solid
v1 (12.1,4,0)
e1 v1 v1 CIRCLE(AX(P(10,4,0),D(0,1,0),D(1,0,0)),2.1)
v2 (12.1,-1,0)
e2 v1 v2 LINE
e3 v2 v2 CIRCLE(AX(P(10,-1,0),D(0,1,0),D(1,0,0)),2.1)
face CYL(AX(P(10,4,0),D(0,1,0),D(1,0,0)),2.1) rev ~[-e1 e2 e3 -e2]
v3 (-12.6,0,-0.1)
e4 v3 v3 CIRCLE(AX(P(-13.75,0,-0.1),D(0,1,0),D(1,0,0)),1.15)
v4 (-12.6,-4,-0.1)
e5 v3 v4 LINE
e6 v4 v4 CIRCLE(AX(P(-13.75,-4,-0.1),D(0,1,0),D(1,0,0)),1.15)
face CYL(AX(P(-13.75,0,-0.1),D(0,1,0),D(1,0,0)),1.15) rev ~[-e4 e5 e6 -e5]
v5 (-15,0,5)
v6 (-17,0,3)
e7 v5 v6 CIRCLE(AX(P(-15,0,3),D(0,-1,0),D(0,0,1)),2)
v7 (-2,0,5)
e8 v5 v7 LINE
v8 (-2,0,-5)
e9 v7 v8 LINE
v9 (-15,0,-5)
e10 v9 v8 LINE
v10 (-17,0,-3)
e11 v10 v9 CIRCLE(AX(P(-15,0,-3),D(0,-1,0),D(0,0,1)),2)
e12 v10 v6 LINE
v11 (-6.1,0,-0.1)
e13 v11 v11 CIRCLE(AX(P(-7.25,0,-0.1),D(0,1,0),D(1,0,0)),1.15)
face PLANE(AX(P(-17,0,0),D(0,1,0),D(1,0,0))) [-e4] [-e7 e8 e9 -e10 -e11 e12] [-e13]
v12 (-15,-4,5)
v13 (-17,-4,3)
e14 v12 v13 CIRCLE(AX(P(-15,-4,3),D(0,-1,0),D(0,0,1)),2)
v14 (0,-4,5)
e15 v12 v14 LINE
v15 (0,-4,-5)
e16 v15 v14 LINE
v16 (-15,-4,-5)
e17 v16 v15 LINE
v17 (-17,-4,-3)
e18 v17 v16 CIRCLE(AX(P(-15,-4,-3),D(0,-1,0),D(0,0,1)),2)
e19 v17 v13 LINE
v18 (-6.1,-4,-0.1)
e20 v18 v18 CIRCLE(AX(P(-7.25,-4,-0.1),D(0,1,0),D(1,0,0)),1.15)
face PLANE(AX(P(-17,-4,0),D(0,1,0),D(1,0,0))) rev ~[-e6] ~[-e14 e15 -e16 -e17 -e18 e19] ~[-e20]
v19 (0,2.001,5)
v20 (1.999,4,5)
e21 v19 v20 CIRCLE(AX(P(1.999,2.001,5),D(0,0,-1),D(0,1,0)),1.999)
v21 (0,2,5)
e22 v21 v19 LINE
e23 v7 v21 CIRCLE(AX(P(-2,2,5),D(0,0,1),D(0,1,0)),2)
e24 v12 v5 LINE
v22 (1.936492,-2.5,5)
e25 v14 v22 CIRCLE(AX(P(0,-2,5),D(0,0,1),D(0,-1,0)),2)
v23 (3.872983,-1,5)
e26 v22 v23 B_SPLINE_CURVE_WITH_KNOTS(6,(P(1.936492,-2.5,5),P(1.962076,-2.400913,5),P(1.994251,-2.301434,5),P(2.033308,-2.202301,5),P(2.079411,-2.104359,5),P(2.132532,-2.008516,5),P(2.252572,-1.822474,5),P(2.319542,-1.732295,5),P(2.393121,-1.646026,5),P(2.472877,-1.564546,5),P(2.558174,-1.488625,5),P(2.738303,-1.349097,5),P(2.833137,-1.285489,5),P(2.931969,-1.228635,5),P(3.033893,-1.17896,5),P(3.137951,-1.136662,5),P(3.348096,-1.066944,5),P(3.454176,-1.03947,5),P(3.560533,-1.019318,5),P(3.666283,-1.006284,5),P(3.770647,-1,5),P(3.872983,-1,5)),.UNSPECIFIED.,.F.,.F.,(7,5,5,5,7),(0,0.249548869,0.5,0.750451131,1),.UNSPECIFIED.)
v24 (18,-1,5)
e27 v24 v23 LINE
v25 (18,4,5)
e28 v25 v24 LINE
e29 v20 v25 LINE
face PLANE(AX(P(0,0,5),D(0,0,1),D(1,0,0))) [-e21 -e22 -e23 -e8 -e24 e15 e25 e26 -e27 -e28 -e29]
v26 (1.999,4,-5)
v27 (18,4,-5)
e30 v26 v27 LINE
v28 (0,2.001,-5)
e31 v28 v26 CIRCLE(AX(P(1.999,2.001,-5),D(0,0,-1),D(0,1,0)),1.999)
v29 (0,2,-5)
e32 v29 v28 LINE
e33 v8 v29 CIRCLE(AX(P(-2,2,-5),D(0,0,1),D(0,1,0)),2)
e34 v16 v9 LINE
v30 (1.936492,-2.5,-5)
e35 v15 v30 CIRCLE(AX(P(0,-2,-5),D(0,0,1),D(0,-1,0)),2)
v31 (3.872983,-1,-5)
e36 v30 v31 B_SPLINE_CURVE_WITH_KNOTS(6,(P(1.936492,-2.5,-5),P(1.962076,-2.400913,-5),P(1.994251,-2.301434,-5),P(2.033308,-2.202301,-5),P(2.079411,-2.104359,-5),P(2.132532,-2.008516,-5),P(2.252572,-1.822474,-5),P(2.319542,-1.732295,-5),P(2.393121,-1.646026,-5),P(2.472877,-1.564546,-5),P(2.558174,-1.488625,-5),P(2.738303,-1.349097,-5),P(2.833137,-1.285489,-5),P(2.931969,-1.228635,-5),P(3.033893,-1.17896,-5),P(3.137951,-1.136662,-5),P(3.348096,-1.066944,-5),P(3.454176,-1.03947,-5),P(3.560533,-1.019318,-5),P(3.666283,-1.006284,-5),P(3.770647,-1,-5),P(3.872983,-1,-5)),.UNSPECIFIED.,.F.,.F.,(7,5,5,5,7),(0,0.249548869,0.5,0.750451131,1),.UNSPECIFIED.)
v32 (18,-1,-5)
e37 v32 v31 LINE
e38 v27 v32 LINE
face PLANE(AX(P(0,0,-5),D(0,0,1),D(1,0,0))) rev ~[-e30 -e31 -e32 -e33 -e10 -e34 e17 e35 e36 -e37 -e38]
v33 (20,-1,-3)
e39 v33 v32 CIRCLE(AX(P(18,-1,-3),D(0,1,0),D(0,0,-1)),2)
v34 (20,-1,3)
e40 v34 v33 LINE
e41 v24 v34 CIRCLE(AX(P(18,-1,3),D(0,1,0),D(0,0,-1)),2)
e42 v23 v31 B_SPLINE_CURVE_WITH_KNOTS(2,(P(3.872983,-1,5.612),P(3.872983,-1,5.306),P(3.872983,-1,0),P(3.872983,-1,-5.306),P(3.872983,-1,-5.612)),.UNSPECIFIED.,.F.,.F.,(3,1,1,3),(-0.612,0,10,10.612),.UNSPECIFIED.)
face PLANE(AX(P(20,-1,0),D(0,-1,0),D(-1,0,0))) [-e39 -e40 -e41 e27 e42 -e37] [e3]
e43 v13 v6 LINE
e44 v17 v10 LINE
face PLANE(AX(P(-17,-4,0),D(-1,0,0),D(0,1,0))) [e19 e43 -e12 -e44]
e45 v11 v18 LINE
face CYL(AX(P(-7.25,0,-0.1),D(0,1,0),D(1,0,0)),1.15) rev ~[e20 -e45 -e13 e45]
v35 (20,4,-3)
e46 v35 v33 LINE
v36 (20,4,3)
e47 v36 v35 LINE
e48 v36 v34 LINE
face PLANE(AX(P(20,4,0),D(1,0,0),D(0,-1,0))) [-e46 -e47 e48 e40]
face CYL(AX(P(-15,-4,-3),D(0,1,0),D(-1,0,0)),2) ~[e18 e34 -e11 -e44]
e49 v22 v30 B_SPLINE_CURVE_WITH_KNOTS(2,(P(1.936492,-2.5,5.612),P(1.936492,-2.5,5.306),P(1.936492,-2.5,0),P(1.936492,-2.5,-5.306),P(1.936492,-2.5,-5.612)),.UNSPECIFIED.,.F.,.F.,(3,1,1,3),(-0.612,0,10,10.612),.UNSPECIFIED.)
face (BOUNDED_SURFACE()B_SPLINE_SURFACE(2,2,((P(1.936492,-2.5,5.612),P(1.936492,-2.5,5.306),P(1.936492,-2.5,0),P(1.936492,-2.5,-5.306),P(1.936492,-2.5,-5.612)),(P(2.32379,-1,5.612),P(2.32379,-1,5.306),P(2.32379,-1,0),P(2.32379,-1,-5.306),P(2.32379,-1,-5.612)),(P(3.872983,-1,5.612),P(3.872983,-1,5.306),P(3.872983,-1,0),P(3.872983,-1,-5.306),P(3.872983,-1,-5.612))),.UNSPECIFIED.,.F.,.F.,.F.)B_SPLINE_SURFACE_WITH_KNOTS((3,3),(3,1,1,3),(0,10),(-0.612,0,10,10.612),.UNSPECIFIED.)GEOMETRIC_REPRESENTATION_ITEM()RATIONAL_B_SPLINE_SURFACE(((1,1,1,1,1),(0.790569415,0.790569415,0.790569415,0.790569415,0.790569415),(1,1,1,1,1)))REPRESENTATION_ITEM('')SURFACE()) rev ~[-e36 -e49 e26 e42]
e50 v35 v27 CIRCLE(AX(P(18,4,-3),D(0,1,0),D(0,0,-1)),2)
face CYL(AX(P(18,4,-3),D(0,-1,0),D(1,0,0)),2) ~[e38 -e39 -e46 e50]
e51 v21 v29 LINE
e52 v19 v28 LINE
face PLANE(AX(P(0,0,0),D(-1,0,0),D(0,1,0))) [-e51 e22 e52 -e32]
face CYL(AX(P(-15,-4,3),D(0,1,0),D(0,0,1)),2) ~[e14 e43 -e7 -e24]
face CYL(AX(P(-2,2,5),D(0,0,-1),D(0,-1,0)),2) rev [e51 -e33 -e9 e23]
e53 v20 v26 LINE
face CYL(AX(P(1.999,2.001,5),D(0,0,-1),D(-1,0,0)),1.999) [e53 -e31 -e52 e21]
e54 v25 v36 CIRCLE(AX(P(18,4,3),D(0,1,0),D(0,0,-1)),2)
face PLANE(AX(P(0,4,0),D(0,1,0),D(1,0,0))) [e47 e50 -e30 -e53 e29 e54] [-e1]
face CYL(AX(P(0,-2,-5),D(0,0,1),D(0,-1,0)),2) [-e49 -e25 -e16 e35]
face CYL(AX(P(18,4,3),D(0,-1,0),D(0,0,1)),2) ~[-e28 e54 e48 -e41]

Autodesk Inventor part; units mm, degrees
ref_plane "YZ Plane" through (0, 0, 0) normal (1, 0, 0) x (0, 1, 0)
ref_plane "XZ Plane" through (0, 0, 0) normal (0, 1, 0) x (-1, 0, 0)
ref_plane "XY Plane" through (0, 0, 0) normal (0, 0, 1) x (1, 0, 0)
sketch "Sketch1" plane through (0, 0, 0) normal (0, 0, 1) x (1, 0, 0)
  line L0 (-17, 0) -> (0, 0)
  line L1 (-17, -4) -> (-17, 0)
  line L2 (0, 4) -> (20, 4)
  line L3 (20, 4) -> (20, -1)
  line L4 (20, -1) -> (2, -1)
  line L5 (0, 0) -> (0, 4)
  line L6 (0, -4) -> (0, 4) construction
  line L7 (-17, -4) -> (2, -4)
  line L8 (2, -4) -> (2, -1)
  line L9 (0, -4) -> (0, 4) construction
  line L10 (2, -4) -> (2, 4) construction
  point P0 (2, 0)
  dimension "d0" = 5
  dimension "d2" = 4
  dimension "d3" = 20
  dimension "d13" = 19
  dimension "d14" = 2
  dimension "d15" = 4
extrude "Extrusion1" add sketch "Sketch1" along normal mid plane 10
sketch "Sketch2" plane through (0, 4, 5) normal (0, 1, 0) x (1, 0, 0)
  circle A0 centre (10, 5) radius 2.1
  line L0 (20, 0) -> (20, 10) projected
  point P0 (0, 5)
  point P1 (20, 5)
  dimension "d7" = 4.2
  dimension "d8" = 10
extrude "Extrusion2" cut sketch "Sketch2" against normal through all
fillet "Fillet1" radius 2 4 edges at (0, 0, 0) (0, 4, 0) (2, -4, 0) (2, -1, 0)
sketch "Sketch3" plane through (-17, 0, 5) normal (0, 1, 0) x (1, 0, 0)
  circle A0 centre (9.75, 5.1) radius 1.15
  circle A1 centre (3.25, 5.1) radius 1.15
  line L0 (15, 0) -> (0, 0) projected
  line L1 (0, 10) -> (0, 0) projected
  point P0 (17, 5)
  dimension "d17" = 2.3
  dimension "d18" = 6.5
  dimension "d19" = 5.1
  dimension "d20" = 3.25
extrude "Extrusion3" cut sketch "Sketch3" against normal through all
fillet "Fillet2" radius 2 4 edges at (-17, -2, 5) (-17, -2, -5) (20, 1.5, -5) (20, 1.5, 5)
properties part number "y-endstop-bracket"
